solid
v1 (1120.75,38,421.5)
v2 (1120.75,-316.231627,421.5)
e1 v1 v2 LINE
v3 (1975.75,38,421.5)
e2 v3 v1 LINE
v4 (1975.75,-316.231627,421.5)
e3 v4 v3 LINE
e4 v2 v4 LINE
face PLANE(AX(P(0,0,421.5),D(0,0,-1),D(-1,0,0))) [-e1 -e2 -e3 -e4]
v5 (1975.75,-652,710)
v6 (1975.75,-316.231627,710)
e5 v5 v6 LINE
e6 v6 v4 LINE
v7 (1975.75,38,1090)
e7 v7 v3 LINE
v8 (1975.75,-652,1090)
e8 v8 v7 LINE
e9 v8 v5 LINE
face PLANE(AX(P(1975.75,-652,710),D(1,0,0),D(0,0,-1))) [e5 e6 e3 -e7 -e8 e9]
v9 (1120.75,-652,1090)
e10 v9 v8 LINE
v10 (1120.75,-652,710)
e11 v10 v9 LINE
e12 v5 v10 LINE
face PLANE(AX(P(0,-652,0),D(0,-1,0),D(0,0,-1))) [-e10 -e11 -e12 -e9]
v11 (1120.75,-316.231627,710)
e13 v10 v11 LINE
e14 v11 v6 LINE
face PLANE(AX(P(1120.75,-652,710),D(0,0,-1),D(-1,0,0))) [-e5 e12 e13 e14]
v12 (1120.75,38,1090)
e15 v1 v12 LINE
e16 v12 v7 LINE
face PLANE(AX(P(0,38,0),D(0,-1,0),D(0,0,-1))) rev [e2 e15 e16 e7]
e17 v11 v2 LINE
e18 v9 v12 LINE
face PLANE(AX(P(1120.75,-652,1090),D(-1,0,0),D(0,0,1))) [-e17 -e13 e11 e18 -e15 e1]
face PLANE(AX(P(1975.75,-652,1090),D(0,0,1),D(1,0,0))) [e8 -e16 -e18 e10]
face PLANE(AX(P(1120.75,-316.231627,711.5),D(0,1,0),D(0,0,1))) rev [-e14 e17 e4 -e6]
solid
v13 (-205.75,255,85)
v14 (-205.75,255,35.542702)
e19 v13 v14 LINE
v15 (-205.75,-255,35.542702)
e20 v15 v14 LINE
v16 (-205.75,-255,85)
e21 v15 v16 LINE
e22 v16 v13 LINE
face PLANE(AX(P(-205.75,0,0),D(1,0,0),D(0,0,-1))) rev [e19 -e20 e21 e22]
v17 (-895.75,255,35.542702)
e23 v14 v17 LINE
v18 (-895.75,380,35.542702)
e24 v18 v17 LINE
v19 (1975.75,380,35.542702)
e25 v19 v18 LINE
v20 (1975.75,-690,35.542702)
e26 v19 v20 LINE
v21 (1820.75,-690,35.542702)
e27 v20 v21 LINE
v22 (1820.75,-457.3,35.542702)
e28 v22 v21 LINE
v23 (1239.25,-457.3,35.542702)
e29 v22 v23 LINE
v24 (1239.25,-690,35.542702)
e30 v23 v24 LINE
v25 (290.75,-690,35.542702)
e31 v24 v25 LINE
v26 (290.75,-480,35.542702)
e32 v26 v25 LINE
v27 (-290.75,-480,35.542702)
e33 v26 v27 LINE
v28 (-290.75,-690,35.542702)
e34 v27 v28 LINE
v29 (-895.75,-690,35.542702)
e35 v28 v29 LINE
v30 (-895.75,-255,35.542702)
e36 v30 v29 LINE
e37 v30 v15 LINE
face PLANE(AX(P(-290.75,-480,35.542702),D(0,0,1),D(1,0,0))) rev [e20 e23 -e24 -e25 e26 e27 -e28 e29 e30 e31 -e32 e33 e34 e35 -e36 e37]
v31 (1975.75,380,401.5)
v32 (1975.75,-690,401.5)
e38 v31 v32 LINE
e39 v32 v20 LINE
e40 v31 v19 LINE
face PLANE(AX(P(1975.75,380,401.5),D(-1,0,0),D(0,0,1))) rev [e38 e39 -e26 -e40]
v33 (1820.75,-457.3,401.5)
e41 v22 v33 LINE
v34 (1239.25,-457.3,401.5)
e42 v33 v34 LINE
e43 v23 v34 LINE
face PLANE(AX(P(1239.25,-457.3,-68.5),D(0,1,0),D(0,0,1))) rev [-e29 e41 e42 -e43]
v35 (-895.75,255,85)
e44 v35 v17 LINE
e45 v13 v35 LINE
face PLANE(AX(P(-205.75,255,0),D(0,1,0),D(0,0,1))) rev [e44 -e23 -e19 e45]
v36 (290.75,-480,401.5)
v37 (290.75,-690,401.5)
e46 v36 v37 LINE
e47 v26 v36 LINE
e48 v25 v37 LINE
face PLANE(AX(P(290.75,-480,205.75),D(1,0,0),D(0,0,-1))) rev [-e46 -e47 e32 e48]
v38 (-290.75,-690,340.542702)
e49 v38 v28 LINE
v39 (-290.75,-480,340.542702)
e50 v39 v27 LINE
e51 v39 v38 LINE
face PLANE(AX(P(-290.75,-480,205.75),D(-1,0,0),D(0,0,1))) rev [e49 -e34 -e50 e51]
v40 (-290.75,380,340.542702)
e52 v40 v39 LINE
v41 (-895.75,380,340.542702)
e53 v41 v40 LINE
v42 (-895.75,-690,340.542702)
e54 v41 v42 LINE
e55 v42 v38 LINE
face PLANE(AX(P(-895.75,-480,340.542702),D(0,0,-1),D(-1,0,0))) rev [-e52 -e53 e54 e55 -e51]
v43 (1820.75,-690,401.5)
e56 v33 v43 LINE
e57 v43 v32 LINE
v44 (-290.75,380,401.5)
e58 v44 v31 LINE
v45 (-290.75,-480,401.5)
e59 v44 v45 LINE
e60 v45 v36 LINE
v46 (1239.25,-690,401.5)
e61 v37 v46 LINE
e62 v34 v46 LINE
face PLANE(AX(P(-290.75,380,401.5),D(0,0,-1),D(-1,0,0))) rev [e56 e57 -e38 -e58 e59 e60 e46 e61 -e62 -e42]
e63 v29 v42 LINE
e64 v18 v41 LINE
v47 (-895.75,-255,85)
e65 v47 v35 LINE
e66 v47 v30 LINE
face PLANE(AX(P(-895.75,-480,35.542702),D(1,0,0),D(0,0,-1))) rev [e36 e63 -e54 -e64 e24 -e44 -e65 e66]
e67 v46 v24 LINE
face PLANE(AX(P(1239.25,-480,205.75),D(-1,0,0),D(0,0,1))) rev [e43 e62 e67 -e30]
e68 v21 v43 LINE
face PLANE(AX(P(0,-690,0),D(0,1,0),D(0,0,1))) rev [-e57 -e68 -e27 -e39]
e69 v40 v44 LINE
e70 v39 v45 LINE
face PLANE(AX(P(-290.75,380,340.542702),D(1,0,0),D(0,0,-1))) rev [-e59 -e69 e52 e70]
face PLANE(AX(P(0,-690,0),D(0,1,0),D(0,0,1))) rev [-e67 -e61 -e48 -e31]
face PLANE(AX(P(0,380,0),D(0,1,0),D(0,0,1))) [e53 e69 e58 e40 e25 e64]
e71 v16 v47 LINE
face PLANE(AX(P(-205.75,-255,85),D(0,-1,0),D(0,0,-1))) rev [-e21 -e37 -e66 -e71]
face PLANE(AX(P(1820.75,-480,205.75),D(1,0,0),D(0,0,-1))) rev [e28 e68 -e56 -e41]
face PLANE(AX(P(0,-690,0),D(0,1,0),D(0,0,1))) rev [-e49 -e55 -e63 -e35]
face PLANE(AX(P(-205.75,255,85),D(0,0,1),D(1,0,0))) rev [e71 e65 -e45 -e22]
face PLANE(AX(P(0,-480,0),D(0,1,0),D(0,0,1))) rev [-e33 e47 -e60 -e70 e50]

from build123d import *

# Parameters (mm, degrees)
DODANIE_WYCI_GNI_CIE9_DEPTH       = 210
DODANIE_WYCI_GNI_CIE9_2_DEPTH     = 210
DODANIE_WYCI_GNI_CIE9_3_DEPTH     = 210
DODANIE_WYCI_GNI_CIE10_DEPTH      = 860
DODANIE_WYCI_GNI_CIE11_DEPTH      = 490
DODANIE_WYCI_GNI_CIE11_DEPTH_BACK = 200
SZKIC7_W                          = 855
SZKIC7_H                          = 380
SZKIC8_W                          = 581.5
SZKIC8_H                          = 22.7
WYTNIJ_WYCI_GNI_CIE1_DEPTH        = 470
SZKIC9_W                          = 85
SZKIC9_H                          = 510
WYTNIJ_WYCI_GNI_CIE2_DEPTH        = 690
SZKIC11_W                         = 855
SZKIC11_H                         = 354.231627321
DODANIE_WYCI_GNI_CIE12_DEPTH      = 290


with BuildPart() as part:
    # Szkic4 → Dodanie-wyciągnięcie9 (new body)
    with BuildSketch(Plane(origin=(0, -690, 0), x_dir=(1, 0, 0), z_dir=(0, 1, 0))):
        Polygon((-290.75, -205.75), (-290.75, -35.542702064), (-895.75, -35.542702064), (-895.75, -340.542702064), (-290.75, -340.542702064), align=None)
    extrude(amount=DODANIE_WYCI_GNI_CIE9_DEPTH)



with BuildPart() as body_2:
    # Szkic4 → Dodanie-wyci_gni_cie9 2 (new body)
    with BuildSketch(Plane(origin=(0, -690, 0), x_dir=(1, 0, 0), z_dir=(0, 1, 0))):
        Polygon((290.75, -401.5), (1239.25, -401.5), (1239.25, -205.75), (1239.25, -35.542702064), (290.75, -35.542702064), (290.75, -205.75), align=None)
    extrude(amount=DODANIE_WYCI_GNI_CIE9_2_DEPTH)


with BuildPart() as body_3:
    # Szkic4 → Dodanie-wyci_gni_cie9 3 (new body)
    with BuildSketch(Plane(origin=(0, -690, 0), x_dir=(1, 0, 0), z_dir=(0, 1, 0))):
        Polygon((1820.75, -205.75), (1820.75, -35.542702064), (1975.75, -35.542702064), (1975.75, -401.5), (1820.75, -401.5), align=None)
    extrude(amount=DODANIE_WYCI_GNI_CIE9_3_DEPTH)


with BuildPart() as part_1:
    add(part.part)

    add(body_2.part)  # Dodanie-wyciągnięcie10 merges body 2

    add(body_3.part)  # Dodanie-wyciągnięcie10 merges body 3
    # Szkic6 → Dodanie-wyciągnięcie10 (add)
    with BuildSketch(Plane(origin=(0, -480, 0), x_dir=(1, 0, 0), z_dir=(0, 1, 0))):
        Polygon((1975.75, -35.542702064), (-895.75, -35.542702064), (-895.75, -340.542702064), (-290.75, -340.542702064), (-290.75, -401.5), (1975.75, -401.5), align=None)
    extrude(amount=DODANIE_WYCI_GNI_CIE10_DEPTH)

    # Szkic8 → Wytnij-wyciągnięcie1 (cut)
    with BuildSketch(Plane.XY.offset(401.5)):
        with Locations((1530, -468.65)):
            Rectangle(SZKIC8_W, SZKIC8_H)
    extrude(amount=-WYTNIJ_WYCI_GNI_CIE1_DEPTH, mode=Mode.SUBTRACT)

    # Szkic9 → Wytnij-wyciągnięcie2 (cut)
    with BuildSketch(Plane.ZY.offset(895.75)):
        with Locations((42.5, 0)):
            Rectangle(SZKIC9_W, SZKIC9_H)
    extrude(amount=-WYTNIJ_WYCI_GNI_CIE2_DEPTH, mode=Mode.SUBTRACT)


with BuildPart() as body_2_2:
    # Szkic7 → Dodanie-wyciągnięcie11 (new, two sides: drawn at the far end of the back side and taken through both)
    with BuildSketch(Plane(origin=(0, -452, 0), x_dir=(1, 0, 0), z_dir=(0, 1, 0)).offset(-DODANIE_WYCI_GNI_CIE11_DEPTH_BACK)):
        with Locations((1548.25, -900)):
            Rectangle(SZKIC7_W, SZKIC7_H)
    extrude(amount=DODANIE_WYCI_GNI_CIE11_DEPTH + DODANIE_WYCI_GNI_CIE11_DEPTH_BACK)

    # Szkic11 → Dodanie-wyciągnięcie12 (add)
    with BuildSketch(Plane.XY.offset(421.5)):
        with Locations((1548.25, -139.115813661)):
            Rectangle(SZKIC11_W, SZKIC11_H)
    extrude(amount=DODANIE_WYCI_GNI_CIE12_DEPTH)


solid = Compound([part_1.part, body_2_2.part])
